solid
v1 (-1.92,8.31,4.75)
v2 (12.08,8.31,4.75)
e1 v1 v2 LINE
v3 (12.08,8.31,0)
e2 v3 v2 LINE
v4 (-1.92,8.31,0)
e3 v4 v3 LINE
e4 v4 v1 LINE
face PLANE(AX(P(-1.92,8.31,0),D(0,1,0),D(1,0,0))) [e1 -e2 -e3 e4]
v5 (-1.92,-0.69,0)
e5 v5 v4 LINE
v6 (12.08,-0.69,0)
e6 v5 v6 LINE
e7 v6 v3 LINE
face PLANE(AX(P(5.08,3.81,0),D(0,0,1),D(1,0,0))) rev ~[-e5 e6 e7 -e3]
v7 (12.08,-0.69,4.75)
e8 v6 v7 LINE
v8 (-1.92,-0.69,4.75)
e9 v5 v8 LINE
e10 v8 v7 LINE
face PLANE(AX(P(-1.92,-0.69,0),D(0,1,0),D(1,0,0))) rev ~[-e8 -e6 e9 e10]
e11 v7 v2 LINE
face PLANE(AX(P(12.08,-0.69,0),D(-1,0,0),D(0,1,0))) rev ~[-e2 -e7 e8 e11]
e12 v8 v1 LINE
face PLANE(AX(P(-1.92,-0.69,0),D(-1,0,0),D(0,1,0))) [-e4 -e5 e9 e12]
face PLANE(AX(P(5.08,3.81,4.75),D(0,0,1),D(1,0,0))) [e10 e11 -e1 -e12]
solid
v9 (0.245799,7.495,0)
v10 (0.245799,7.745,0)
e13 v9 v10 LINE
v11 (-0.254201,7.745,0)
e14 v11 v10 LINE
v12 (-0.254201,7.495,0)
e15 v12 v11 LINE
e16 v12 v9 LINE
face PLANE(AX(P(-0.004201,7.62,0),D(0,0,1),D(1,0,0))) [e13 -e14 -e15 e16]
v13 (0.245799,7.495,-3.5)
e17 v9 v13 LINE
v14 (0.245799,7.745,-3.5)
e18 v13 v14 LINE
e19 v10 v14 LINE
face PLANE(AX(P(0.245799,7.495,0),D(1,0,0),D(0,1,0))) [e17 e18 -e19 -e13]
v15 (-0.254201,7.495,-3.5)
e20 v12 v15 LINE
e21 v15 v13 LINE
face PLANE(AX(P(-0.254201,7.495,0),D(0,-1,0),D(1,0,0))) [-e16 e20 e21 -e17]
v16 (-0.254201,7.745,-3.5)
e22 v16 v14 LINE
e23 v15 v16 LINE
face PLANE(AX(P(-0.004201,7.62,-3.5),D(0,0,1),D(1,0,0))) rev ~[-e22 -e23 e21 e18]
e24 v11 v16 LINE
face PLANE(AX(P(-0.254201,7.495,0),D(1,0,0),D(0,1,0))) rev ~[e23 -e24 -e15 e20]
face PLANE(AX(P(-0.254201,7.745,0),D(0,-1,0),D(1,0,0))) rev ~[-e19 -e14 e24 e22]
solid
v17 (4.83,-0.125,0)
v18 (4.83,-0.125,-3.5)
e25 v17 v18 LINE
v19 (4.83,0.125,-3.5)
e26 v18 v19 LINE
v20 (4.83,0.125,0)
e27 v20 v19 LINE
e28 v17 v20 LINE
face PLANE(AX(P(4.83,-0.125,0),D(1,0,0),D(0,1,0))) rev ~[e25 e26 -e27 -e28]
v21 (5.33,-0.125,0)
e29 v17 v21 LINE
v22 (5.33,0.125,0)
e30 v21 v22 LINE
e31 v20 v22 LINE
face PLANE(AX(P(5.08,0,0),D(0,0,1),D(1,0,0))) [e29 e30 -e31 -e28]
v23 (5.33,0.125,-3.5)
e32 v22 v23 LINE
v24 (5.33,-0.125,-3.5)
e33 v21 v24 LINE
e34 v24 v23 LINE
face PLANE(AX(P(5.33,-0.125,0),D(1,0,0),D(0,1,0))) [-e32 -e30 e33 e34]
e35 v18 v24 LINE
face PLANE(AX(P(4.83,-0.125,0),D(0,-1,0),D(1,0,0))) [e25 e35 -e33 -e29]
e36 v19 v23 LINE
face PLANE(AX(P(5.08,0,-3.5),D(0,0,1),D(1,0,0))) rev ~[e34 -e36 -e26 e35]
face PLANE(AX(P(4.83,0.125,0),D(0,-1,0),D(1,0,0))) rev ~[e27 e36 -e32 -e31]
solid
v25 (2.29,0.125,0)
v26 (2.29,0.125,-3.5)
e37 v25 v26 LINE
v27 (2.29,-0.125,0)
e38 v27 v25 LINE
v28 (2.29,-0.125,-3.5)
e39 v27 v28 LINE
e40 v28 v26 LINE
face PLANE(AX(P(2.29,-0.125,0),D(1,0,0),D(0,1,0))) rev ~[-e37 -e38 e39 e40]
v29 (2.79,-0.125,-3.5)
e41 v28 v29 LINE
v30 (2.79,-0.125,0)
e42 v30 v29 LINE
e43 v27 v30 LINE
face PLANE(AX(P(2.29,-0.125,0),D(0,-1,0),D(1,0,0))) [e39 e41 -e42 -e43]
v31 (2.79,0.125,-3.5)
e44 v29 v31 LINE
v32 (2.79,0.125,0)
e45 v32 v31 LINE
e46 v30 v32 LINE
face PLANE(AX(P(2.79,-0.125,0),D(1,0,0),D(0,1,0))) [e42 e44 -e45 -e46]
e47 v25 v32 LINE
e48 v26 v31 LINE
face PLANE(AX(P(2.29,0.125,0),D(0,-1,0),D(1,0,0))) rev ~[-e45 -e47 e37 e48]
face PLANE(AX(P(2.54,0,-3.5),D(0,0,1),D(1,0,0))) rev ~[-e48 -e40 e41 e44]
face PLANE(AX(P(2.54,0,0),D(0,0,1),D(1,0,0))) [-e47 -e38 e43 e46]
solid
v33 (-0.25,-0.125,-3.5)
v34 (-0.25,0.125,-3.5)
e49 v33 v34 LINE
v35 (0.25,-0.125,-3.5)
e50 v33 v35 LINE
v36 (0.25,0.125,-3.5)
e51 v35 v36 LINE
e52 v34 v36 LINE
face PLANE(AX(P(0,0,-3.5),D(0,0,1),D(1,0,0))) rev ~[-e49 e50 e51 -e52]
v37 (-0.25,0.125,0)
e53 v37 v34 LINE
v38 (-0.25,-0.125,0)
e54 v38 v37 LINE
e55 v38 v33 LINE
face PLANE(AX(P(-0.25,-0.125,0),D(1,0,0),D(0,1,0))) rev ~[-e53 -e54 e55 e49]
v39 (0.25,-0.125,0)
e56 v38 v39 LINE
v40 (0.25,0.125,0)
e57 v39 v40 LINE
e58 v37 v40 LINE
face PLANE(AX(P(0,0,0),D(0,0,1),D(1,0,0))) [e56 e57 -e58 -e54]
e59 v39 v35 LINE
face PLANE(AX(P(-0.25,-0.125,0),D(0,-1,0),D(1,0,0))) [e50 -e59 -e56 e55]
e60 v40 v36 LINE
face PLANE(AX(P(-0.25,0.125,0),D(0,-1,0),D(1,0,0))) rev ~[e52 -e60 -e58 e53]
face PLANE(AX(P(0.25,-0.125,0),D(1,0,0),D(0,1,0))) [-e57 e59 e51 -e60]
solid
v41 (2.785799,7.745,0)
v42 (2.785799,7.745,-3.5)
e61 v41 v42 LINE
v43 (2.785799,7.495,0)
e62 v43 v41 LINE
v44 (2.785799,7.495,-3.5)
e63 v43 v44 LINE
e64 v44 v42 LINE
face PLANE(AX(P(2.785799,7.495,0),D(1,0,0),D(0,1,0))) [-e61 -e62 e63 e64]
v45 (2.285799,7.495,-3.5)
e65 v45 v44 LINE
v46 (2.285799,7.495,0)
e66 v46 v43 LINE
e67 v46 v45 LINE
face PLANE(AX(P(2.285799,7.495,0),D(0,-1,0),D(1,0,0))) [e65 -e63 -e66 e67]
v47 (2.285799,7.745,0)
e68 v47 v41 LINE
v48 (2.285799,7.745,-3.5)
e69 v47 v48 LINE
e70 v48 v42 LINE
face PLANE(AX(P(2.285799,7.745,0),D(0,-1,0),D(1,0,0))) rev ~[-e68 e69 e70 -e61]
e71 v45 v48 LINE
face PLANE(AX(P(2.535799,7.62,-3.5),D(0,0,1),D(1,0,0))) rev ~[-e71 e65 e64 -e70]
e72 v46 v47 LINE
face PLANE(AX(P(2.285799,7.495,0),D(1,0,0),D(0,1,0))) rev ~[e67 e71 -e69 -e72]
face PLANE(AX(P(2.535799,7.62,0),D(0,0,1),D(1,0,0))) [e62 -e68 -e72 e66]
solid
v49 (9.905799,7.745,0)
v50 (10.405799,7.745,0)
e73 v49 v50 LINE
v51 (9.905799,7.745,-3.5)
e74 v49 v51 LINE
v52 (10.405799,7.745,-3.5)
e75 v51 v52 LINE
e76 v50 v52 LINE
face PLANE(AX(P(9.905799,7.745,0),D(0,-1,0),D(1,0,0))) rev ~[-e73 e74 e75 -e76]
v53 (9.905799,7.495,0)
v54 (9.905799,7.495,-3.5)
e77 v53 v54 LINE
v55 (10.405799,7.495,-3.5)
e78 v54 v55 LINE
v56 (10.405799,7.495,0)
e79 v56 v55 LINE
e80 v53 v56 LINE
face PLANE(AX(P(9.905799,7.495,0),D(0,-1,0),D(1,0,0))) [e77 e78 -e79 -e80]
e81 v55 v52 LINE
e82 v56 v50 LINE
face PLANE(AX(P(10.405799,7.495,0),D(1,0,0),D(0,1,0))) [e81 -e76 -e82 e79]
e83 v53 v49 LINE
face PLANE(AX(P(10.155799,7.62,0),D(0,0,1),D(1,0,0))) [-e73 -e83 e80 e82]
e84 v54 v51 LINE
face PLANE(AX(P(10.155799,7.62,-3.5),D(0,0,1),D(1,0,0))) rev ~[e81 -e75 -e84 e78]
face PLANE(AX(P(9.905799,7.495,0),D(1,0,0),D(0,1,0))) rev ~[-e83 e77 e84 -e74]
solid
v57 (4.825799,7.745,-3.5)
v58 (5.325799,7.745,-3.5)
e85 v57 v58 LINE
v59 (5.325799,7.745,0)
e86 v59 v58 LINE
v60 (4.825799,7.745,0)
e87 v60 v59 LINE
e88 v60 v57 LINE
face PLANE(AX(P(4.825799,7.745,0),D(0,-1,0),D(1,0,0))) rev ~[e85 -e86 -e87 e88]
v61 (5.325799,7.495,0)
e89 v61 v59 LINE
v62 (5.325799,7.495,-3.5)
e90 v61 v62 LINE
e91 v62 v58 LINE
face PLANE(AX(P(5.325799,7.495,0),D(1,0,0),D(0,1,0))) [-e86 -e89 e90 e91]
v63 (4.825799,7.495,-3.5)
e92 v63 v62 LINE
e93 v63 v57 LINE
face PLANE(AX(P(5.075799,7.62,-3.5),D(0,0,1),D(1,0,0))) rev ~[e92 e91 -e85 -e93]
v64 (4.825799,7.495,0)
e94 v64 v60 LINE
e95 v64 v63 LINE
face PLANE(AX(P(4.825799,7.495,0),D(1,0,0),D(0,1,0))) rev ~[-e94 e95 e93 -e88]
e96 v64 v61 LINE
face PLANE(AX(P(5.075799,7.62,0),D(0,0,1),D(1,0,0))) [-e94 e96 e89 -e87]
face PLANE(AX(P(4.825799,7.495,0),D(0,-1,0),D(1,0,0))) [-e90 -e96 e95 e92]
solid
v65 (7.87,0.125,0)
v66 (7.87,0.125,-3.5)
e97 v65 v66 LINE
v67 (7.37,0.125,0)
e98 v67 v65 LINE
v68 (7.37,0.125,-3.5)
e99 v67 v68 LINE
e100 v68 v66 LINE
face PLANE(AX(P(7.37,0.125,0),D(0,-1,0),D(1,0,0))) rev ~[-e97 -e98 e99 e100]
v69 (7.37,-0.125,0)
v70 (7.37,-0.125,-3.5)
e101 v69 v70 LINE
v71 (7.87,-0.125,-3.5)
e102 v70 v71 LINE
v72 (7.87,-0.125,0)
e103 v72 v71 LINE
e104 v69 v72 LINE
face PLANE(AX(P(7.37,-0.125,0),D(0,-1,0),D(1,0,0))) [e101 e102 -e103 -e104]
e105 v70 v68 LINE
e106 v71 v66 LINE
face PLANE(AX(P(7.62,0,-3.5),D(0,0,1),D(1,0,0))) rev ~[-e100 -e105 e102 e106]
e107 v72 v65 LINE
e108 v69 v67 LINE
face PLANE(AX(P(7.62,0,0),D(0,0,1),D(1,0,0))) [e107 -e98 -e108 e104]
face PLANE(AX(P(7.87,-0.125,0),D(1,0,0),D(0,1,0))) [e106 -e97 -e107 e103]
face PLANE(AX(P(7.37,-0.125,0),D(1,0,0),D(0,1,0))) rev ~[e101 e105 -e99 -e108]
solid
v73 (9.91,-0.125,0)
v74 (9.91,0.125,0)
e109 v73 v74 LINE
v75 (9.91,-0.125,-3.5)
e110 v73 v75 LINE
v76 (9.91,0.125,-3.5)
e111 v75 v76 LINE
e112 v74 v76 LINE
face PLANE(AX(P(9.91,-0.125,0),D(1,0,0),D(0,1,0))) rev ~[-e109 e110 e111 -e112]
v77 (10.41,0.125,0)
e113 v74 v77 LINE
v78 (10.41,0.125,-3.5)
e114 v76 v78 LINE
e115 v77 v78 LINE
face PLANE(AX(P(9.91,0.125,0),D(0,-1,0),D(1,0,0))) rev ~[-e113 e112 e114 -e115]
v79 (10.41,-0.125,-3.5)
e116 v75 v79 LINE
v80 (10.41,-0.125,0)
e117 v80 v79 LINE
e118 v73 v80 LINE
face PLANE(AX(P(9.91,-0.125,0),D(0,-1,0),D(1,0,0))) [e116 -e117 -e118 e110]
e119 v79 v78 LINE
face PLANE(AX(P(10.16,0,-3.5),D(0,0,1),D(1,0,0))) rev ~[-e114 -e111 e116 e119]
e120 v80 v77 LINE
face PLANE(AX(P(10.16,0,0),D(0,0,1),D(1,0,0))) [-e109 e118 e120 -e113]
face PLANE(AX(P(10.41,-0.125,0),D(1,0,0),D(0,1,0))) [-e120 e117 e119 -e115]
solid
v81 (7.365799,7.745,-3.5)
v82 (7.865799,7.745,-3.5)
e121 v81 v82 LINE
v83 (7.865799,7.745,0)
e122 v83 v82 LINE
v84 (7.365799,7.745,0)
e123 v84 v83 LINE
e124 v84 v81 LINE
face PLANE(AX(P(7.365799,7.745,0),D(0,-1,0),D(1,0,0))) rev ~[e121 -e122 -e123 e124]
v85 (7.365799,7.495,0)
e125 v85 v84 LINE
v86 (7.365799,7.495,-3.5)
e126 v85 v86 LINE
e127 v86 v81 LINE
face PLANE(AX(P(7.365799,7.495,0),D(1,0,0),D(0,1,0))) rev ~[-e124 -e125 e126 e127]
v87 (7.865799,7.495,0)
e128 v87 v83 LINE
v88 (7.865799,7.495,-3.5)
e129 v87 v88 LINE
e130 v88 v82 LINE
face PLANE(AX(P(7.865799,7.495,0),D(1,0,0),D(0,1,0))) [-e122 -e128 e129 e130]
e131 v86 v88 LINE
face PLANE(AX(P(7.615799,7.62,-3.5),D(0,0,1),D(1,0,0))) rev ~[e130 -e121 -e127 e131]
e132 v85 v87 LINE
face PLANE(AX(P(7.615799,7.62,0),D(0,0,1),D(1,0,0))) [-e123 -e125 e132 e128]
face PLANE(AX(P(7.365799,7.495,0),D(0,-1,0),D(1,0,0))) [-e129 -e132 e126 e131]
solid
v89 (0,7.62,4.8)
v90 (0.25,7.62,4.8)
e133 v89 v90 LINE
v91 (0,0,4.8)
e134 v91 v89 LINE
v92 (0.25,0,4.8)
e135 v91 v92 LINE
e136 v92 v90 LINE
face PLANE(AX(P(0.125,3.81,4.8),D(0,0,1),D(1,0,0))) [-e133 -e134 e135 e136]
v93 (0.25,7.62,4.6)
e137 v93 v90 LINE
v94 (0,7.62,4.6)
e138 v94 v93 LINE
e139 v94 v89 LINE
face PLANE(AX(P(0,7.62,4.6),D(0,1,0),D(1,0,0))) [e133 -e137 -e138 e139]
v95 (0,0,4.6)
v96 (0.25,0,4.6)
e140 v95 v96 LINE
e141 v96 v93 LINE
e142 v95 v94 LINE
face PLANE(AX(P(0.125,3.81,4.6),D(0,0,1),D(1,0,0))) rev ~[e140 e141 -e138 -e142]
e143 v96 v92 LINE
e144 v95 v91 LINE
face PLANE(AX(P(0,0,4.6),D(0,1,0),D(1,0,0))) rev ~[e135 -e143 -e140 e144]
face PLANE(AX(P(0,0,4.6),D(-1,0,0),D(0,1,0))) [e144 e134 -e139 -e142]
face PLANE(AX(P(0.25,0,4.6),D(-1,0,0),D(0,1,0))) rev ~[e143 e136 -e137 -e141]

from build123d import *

# Parameters (mm, degrees)
SKETCH_W     = 14
SKETCH_H     = 9
PAD_DEPTH    = 4.75
SKETCH001_W  = 0.25
SKETCH001_H  = 7.62
PAD001_DEPTH = 0.2
SKETCH002_W  = 0.5
SKETCH002_H  = 0.25
PAD002_DEPTH = 3.5


with BuildPart() as pad:
    # Sketch → Pad (new body)
    with BuildSketch(Plane.XY):
        with Locations((5.08, 3.81)):
            Rectangle(SKETCH_W, SKETCH_H)
    extrude(amount=PAD_DEPTH)


with BuildPart() as pad001:
    # Sketch001 → Pad001 (new body)
    with BuildSketch(Plane.XY.offset(4.6)):
        with Locations((0.125, 3.81)):
            Rectangle(SKETCH001_W, SKETCH001_H)
    extrude(amount=PAD001_DEPTH)


with BuildPart() as pad002:
    # Sketch002 → Pad002 (new body)
    with BuildSketch(Plane.XY):
        Rectangle(SKETCH002_W, SKETCH002_H)
        with Locations((2.54, 0)):
            Rectangle(SKETCH002_W, SKETCH002_H)
        with Locations((5.08, 0)):
            Rectangle(SKETCH002_W, SKETCH002_H)
        with Locations((7.62, 0)):
            Rectangle(SKETCH002_W, SKETCH002_H)
        with Locations((10.16, 0)):
            Rectangle(SKETCH002_W, SKETCH002_H)
        with Locations((-0.004201, 7.62)):
            Rectangle(SKETCH002_W, SKETCH002_H)
        with Locations((2.535799, 7.62)):
            Rectangle(SKETCH002_W, SKETCH002_H)
        with Locations((5.075799, 7.62)):
            Rectangle(SKETCH002_W, SKETCH002_H)
        with Locations((7.615799, 7.62)):
            Rectangle(SKETCH002_W, SKETCH002_H)
        with Locations((10.155799, 7.62)):
            Rectangle(SKETCH002_W, SKETCH002_H)
    extrude(amount=-PAD002_DEPTH)


solid = Compound([pad.part, pad001.part, pad002.part])
